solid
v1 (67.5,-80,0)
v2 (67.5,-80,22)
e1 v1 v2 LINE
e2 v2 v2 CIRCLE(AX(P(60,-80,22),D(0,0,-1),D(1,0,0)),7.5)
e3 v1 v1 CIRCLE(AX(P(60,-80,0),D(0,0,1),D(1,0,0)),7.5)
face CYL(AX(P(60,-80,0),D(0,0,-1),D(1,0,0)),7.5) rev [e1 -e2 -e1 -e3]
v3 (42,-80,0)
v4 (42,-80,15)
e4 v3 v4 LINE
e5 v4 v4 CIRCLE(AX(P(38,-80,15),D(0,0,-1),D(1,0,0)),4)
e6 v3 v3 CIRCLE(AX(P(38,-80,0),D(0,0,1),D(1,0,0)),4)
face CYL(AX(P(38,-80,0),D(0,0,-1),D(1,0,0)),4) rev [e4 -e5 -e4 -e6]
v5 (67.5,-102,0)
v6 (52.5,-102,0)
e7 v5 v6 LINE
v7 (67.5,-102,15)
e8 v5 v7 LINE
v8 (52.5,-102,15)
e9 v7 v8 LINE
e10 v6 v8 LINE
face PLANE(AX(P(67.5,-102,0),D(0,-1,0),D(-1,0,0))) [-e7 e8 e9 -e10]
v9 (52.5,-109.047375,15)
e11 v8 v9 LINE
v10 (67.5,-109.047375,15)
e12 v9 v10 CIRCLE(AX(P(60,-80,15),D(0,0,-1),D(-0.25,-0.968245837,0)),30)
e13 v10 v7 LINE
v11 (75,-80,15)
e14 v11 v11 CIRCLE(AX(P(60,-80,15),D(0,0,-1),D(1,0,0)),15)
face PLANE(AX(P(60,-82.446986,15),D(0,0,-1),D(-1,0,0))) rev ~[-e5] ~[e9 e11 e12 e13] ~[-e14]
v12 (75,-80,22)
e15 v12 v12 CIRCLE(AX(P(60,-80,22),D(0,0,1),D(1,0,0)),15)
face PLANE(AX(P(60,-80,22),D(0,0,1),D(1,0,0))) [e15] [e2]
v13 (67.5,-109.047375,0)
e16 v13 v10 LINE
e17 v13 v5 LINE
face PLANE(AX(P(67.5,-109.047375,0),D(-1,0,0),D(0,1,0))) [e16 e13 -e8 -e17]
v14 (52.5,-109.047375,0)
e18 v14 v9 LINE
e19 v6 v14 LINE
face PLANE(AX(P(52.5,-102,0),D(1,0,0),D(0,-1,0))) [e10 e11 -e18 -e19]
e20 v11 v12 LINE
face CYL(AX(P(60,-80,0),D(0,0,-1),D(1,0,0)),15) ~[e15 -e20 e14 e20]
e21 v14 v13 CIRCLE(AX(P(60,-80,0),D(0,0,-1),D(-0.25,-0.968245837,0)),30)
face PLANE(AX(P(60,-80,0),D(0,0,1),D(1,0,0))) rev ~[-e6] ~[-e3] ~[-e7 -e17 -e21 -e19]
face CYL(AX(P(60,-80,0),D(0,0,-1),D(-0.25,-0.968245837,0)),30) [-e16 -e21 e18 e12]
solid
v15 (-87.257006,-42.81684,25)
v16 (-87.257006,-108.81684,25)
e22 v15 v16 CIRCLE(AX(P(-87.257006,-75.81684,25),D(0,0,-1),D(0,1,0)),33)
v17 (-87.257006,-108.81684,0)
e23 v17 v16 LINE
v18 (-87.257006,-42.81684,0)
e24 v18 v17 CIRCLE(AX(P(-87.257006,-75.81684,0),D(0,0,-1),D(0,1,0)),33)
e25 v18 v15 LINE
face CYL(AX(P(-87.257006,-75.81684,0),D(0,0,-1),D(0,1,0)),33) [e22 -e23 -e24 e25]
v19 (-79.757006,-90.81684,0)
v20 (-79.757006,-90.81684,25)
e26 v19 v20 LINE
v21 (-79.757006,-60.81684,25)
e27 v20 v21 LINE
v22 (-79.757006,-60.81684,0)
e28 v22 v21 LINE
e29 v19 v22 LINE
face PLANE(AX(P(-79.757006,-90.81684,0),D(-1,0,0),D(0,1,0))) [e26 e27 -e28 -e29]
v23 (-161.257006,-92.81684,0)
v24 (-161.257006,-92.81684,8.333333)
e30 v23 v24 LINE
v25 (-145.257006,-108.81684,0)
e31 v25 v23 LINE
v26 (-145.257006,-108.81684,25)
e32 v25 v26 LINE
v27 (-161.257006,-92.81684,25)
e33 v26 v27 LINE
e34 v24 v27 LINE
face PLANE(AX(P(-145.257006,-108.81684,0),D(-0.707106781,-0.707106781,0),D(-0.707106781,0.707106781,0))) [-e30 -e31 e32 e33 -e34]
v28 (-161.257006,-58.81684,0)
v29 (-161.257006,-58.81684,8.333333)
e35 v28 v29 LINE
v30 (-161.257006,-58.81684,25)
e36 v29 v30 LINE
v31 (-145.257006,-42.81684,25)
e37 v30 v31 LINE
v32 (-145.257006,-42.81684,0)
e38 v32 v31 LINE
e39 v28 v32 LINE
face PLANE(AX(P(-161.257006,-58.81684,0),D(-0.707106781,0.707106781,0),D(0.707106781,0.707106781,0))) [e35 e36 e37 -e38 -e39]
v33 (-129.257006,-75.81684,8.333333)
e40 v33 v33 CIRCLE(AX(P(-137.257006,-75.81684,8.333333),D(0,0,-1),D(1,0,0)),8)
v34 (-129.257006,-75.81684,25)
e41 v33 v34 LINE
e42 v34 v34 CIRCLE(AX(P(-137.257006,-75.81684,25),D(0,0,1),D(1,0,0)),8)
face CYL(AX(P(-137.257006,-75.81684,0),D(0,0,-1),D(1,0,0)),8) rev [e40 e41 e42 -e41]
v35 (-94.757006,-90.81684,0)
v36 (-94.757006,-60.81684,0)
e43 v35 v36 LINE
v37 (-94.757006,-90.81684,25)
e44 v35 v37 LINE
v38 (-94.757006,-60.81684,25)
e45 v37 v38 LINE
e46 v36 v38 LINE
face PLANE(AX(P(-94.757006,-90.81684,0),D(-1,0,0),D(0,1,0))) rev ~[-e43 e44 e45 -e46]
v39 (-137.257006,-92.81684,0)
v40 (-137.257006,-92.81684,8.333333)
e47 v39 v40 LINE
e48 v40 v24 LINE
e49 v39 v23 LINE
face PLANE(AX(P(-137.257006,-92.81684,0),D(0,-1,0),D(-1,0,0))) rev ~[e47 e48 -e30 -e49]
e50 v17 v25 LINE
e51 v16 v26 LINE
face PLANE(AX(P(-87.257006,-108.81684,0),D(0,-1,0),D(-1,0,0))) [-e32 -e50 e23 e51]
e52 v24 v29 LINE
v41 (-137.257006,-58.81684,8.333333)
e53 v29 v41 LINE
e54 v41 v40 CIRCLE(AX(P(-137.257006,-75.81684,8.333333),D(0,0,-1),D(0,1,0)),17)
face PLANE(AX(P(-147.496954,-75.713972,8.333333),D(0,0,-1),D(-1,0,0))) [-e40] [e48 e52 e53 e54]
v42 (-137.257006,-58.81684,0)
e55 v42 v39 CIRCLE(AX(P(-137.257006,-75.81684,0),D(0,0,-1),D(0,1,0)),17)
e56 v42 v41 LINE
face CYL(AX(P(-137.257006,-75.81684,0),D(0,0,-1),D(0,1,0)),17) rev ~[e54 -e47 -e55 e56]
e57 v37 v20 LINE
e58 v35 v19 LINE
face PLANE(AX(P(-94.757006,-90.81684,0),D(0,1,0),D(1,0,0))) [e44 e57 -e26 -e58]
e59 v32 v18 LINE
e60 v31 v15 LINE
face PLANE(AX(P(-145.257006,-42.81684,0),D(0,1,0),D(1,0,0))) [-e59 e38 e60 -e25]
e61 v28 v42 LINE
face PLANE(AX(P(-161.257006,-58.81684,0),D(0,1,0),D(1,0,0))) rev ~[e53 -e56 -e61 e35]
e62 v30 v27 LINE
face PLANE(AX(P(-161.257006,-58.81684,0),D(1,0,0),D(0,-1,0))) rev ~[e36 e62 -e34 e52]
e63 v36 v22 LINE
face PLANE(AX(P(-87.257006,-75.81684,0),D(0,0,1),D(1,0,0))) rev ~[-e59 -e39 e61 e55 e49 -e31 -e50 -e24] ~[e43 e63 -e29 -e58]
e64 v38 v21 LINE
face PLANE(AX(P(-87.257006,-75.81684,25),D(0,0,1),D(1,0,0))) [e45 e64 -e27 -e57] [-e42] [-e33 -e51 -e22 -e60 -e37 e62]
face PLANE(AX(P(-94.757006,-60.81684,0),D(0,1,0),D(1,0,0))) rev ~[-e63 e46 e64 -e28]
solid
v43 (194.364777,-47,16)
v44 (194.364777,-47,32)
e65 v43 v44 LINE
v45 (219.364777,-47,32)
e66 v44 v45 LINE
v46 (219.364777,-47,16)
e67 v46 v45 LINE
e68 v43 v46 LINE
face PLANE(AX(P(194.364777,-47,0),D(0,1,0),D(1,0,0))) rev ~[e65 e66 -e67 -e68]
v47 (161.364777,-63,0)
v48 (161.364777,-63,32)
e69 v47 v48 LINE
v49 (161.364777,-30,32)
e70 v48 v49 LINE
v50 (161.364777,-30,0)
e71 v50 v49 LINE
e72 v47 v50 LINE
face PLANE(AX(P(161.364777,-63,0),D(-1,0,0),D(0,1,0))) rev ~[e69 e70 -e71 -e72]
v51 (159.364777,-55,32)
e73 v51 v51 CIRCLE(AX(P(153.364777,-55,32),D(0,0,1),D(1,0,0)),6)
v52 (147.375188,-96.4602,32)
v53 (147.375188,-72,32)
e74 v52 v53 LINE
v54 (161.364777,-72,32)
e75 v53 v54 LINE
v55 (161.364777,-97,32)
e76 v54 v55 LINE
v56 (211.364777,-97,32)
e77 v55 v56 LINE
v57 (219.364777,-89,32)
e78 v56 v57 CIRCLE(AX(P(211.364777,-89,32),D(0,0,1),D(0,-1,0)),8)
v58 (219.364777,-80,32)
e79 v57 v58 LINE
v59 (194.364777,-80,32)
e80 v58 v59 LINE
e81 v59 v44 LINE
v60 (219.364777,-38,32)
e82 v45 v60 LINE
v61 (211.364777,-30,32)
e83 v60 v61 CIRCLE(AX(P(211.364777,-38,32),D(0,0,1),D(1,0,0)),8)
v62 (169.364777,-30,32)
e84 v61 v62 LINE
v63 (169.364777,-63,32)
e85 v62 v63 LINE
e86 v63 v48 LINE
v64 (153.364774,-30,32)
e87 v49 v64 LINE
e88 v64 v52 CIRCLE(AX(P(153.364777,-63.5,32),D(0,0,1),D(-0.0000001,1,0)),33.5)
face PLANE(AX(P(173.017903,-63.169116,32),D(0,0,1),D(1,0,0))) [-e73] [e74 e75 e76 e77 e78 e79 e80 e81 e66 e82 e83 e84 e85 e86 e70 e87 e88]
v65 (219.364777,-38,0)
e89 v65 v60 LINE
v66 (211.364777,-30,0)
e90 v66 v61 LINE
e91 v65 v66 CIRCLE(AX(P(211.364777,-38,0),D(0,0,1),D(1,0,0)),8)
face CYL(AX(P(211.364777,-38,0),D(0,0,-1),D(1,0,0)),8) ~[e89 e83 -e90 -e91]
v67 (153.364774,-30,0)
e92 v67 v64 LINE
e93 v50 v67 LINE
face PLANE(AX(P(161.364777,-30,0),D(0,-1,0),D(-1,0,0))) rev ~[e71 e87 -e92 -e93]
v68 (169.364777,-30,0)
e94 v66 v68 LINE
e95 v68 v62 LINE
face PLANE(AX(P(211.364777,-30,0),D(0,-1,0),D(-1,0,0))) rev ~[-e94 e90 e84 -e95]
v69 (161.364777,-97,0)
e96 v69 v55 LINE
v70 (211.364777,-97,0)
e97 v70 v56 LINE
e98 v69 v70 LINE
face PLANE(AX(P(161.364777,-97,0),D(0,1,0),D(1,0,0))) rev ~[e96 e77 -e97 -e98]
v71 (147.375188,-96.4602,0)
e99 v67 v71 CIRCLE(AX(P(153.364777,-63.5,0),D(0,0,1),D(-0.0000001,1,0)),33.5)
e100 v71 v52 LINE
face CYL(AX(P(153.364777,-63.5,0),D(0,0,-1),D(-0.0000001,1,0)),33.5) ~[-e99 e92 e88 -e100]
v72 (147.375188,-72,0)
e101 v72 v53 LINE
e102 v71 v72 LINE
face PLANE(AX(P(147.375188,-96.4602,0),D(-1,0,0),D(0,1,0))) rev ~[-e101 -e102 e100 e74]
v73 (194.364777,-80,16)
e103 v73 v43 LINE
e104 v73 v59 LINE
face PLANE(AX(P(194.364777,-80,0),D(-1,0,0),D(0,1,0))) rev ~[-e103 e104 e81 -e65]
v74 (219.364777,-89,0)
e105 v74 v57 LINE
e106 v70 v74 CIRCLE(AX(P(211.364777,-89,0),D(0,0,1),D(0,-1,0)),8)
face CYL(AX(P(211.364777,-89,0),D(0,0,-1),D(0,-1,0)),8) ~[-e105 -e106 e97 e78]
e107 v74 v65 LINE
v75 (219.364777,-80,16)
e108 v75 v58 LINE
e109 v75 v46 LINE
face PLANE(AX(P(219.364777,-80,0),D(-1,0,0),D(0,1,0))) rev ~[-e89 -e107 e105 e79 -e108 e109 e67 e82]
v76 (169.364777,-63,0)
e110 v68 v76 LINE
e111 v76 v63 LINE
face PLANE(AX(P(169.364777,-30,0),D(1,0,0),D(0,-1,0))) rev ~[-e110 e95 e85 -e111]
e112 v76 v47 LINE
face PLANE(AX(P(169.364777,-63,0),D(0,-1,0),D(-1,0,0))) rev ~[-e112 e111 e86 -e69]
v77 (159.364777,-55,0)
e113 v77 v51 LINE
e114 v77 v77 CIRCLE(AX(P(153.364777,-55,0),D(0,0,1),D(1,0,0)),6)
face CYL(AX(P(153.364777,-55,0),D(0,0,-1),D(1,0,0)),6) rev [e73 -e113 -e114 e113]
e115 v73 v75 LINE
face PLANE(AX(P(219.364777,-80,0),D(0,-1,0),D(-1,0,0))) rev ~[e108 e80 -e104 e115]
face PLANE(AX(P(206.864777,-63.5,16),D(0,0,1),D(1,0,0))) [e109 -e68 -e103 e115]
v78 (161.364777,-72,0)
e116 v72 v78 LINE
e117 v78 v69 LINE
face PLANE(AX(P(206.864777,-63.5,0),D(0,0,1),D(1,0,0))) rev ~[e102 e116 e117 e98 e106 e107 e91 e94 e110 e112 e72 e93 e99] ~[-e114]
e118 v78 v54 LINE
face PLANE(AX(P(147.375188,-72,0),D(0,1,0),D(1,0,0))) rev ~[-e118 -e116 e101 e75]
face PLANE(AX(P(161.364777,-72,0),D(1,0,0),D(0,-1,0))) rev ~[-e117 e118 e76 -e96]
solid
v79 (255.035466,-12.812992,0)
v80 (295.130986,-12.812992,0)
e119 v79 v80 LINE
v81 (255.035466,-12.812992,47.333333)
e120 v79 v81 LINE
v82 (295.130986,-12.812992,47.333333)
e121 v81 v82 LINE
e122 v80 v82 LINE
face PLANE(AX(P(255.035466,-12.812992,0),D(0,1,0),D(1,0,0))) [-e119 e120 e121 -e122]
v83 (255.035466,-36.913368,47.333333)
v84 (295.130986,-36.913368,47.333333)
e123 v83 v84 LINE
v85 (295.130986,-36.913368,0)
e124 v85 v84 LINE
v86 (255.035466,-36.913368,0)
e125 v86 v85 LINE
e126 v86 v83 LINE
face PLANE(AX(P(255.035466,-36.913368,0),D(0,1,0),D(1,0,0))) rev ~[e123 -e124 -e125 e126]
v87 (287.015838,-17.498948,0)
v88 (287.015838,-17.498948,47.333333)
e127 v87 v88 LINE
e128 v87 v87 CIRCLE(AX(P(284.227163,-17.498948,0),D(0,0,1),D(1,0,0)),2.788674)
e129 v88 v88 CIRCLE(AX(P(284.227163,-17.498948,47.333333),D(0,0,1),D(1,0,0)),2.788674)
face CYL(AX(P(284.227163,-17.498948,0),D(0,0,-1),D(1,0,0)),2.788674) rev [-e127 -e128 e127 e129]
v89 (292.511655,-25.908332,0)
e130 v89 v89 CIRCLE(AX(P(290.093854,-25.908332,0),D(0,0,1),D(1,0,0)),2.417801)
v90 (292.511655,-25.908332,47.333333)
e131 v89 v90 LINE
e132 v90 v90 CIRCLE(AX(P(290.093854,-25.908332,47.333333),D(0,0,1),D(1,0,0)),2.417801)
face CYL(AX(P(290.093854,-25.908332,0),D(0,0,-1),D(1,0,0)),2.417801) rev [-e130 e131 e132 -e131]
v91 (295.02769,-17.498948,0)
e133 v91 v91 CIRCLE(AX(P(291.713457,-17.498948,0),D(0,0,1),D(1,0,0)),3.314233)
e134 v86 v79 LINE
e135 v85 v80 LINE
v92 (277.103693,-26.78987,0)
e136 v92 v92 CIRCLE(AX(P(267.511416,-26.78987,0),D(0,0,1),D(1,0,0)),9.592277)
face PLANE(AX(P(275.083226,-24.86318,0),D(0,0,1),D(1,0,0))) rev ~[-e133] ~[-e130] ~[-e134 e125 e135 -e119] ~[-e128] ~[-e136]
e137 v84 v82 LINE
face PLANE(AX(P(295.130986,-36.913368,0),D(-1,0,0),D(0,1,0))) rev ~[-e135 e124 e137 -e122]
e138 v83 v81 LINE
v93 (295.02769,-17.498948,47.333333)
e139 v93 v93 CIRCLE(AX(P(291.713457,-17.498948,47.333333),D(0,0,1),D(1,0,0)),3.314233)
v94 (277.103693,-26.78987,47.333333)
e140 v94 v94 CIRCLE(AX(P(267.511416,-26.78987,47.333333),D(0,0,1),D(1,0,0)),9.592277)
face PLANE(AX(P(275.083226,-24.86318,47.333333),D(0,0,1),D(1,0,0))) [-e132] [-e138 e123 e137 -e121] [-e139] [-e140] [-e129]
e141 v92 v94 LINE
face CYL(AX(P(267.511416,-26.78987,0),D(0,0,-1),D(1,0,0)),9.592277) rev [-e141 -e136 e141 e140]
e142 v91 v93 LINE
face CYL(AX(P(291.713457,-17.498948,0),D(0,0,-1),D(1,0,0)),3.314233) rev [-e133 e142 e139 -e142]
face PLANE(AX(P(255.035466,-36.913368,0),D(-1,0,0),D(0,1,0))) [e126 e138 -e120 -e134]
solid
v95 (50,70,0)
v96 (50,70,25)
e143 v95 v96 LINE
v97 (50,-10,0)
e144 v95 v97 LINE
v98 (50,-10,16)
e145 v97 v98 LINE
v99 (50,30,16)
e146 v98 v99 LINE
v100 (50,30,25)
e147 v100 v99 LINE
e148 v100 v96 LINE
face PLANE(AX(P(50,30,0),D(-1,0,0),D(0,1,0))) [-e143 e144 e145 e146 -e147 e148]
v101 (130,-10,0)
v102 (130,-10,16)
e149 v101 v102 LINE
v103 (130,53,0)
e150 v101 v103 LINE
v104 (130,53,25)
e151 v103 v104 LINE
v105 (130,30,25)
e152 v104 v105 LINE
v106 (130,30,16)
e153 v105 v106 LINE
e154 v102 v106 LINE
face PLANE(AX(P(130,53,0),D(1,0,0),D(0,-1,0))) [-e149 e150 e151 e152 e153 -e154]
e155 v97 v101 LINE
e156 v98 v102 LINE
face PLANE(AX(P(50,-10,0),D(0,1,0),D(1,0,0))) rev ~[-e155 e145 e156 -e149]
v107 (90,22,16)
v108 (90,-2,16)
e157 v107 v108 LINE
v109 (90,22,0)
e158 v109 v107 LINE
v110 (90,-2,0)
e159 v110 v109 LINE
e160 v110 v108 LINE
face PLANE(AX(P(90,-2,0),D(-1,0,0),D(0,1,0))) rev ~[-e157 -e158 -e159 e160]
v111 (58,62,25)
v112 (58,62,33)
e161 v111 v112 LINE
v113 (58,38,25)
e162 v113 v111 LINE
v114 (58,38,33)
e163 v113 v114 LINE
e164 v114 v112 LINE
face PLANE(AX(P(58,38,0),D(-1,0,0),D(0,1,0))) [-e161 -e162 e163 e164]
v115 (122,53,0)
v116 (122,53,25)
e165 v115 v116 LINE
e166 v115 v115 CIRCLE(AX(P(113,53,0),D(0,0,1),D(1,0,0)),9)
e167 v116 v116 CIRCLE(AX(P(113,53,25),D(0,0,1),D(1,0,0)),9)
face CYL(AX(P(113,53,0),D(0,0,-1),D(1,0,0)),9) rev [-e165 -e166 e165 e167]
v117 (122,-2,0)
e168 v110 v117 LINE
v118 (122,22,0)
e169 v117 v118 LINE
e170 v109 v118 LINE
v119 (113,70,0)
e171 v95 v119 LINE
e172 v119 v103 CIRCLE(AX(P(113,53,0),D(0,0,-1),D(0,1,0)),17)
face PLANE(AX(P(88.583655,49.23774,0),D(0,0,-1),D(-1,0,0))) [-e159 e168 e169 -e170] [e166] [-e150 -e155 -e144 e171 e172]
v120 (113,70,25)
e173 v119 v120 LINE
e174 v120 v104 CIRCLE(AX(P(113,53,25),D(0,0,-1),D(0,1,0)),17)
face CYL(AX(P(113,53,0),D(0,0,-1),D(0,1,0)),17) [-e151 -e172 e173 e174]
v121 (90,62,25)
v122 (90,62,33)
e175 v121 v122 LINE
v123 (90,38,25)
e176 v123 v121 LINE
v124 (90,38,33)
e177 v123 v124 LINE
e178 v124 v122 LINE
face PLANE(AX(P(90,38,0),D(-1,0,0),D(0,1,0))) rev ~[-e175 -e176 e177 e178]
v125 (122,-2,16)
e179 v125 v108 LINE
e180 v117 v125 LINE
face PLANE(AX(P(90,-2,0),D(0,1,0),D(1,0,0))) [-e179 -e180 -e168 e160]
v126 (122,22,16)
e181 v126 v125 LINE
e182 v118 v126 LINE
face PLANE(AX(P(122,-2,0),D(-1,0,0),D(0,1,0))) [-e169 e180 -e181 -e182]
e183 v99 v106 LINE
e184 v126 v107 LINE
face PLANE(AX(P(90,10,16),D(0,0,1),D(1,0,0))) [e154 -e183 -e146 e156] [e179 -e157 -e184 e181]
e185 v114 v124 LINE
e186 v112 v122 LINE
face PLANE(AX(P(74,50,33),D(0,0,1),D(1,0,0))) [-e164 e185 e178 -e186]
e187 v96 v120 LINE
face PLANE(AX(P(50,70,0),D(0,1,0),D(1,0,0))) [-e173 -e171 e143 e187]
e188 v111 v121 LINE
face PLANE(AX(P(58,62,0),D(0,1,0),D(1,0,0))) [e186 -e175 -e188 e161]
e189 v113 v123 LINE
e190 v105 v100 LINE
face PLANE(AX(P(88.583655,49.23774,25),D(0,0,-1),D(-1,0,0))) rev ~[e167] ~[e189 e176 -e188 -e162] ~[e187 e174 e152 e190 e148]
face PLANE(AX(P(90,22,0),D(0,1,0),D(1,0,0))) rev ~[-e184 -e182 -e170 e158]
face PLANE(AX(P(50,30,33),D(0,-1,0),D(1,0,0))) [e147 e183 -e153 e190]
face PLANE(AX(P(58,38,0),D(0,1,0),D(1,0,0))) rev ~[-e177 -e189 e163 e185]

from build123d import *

# Parameters (mm, degrees)
CROQUIS3_W               = 32
CROQUIS3_H               = 24
CROQUIS3_R               = 9
SALIENTE_EXTRUIR4_DEPTH  = 25
CROQUIS3_5_W             = 80
CROQUIS3_5_H             = 40
CROQUIS3_5_W_2           = 32
CROQUIS3_5_H_2           = 24
SALIENTE_EXTRUIR5_DEPTH  = 33
CROQUIS5_W               = 80
CROQUIS5_H               = 40
CORTAR_EXTRUIR1_DEPTH    = 17
CROQUIS3_11_W            = 32
CROQUIS3_11_H            = 24
CORTAR_EXTRUIR2_DEPTH    = 30
SALIENTE_EXTRUIR6_DEPTH  = 15
CROQUIS8_4_R             = 15
SALIENTE_EXTRUIR7_DEPTH  = 22
CROQUIS8_6_R             = 4
CORTAR_EXTRUIR5_DEPTH    = 48
CROQUIS8_7_R             = 7.5
CORTAR_EXTRUIR6_DEPTH    = 48
CROQUIS9_R               = 6
SALIENTE_EXTRUIR8_DEPTH  = 32
CROQUIS9_3_W             = 25
CROQUIS9_3_H             = 33
SALIENTE_EXTRUIR9_DEPTH  = 16
SALIENTE_EXTRUIR11_DEPTH = 25
CROQUIS10_4_W            = 15
CROQUIS10_4_H            = 30
CORTAR_EXTRUIR7_DEPTH    = 25
CROQUIS10_5_R            = 8
CORTAR_EXTRUIR8_DEPTH    = 25
CORTAR_EXTRUIR9_DEPTH    = 8.333333333
CROQUIS14_W              = 40.09551918
CROQUIS14_H              = 24.100376272
CROQUIS14_R              = 3.314232671
CROQUIS14_R_2            = 9.592276939
CROQUIS14_R_3            = 2.417801169
CROQUIS14_R_4            = 2.788674417
SALIENTE_EXTRUIR12_DEPTH = 47.333333333


with BuildPart() as part:
    # Croquis3 → Saliente-Extruir4 (new body)
    with BuildSketch(Plane.XY):
        with BuildLine():
            Line((113, 70), (50, 70))
            Line((50, 70), (50, 30))
            Line((50, 30), (130, 30))
            Line((130, 30), (130, 53))
            ThreePointArc((130, 53), (125.02081528, 65.02081528), (113, 70))
        make_face()
        with Locations((74, 50)):
            Rectangle(CROQUIS3_W, CROQUIS3_H, mode=Mode.SUBTRACT)
        with Locations((113, 53)):
            Circle(CROQUIS3_R, mode=Mode.SUBTRACT)
    extrude(amount=SALIENTE_EXTRUIR4_DEPTH)

    # Croquis3<5> → Saliente-Extruir5 (add)
    with BuildSketch(Plane.XY):
        with Locations((90, 10)):
            Rectangle(CROQUIS3_5_W, CROQUIS3_5_H)
        with Locations((74, 50)):
            Rectangle(CROQUIS3_5_W_2, CROQUIS3_5_H_2)
    extrude(amount=SALIENTE_EXTRUIR5_DEPTH)

    # Croquis5 → Cortar-Extruir1 (cut)
    with BuildSketch(Plane.XY.offset(33)):
        with Locations((90, 10)):
            Rectangle(CROQUIS5_W, CROQUIS5_H)
    extrude(amount=-CORTAR_EXTRUIR1_DEPTH, mode=Mode.SUBTRACT)

    # Croquis3<11> → Cortar-Extruir2 (cut)
    with BuildSketch(Plane.XY):
        with Locations((106, 10)):
            Rectangle(CROQUIS3_11_W, CROQUIS3_11_H)
    extrude(amount=CORTAR_EXTRUIR2_DEPTH, mode=Mode.SUBTRACT)


with BuildPart() as body_2:
    # Croquis8 → Saliente-Extruir6 (new body)
    with BuildSketch(Plane.XY):
        with BuildLine():
            Line((52.5, -102), (52.5, -109.047375097))
            ThreePointArc((52.5, -109.047375097), (60, -50), (67.5, -109.047375097))
            Line((67.5, -109.047375097), (67.5, -102))
            Line((67.5, -102), (52.5, -102))
        make_face()
    extrude(amount=SALIENTE_EXTRUIR6_DEPTH)

    # Croquis8<4> → Saliente-Extruir7 (add)
    with BuildSketch(Plane.XY):
        with Locations((60, -80)):
            Circle(CROQUIS8_4_R)
    extrude(amount=SALIENTE_EXTRUIR7_DEPTH)

    # Croquis8<6> → Cortar-Extruir5 (cut)
    with BuildSketch(Plane.XY):
        with Locations((38, -80)):
            Circle(CROQUIS8_6_R)
    extrude(amount=CORTAR_EXTRUIR5_DEPTH, mode=Mode.SUBTRACT)

    # Croquis8<7> → Cortar-Extruir6 (cut)
    with BuildSketch(Plane.XY):
        with Locations((60, -80)):
            Circle(CROQUIS8_7_R)
    extrude(amount=CORTAR_EXTRUIR6_DEPTH, mode=Mode.SUBTRACT)


with BuildPart() as body_3:
    # Croquis9 → Saliente-Extruir8 (new body)
    with BuildSketch(Plane.XY):
        with BuildLine():
            Line((161.364777361, -63), (161.364777361, -30))
            Line((161.364777361, -30), (153.364774009, -30))
            ThreePointArc((153.364774009, -30), (120, -60.493069396), (147.375187785, -96.460200496))
            Line((147.375187785, -96.460200496), (147.375187785, -72))
            Line((147.375187785, -72), (161.364777361, -72))
            Line((161.364777361, -72), (161.364777361, -97))
            Line((161.364777361, -97), (211.364777361, -97))
            ThreePointArc((211.364777361, -97), (217.02163161, -94.656854249), (219.364777361, -89))
            Line((219.364777361, -89), (219.364777361, -80))
            Line((219.364777361, -80), (194.364777361, -80))
            Line((194.364777361, -80), (194.364777361, -47))
            Line((194.364777361, -47), (219.364777361, -47))
            Line((219.364777361, -47), (219.364777361, -38))
            ThreePointArc((219.364777361, -38), (217.02163161, -32.343145751), (211.364777361, -30))
            Line((211.364777361, -30), (169.364777361, -30))
            Line((169.364777361, -30), (169.364777361, -63))
            Line((169.364777361, -63), (161.364777361, -63))
        make_face()
        with Locations((153.364777361, -55)):
            Circle(CROQUIS9_R, mode=Mode.SUBTRACT)
    extrude(amount=SALIENTE_EXTRUIR8_DEPTH)

    # Croquis9<3> → Saliente-Extruir9 (add)
    with BuildSketch(Plane.XY):
        with Locations((206.864777361, -63.5)):
            Rectangle(CROQUIS9_3_W, CROQUIS9_3_H)
    extrude(amount=SALIENTE_EXTRUIR9_DEPTH)


with BuildPart() as body_4:
    # Croquis10 → Saliente-Extruir11 (new body)
    with BuildSketch(Plane.XY):
        with BuildLine():
            Line((-161.257005587, -58.81683994), (-161.257005587, -92.81683994))
            Line((-161.257005587, -92.81683994), (-145.257005587, -108.81683994))
            Line((-145.257005587, -108.81683994), (-87.257005587, -108.81683994))
            ThreePointArc((-87.257005587, -108.81683994), (-54.257005587, -75.81683994), (-87.257005587, -42.81683994))
            Line((-87.257005587, -42.81683994), (-145.257005587, -42.81683994))
            Line((-145.257005587, -42.81683994), (-161.257005587, -58.81683994))
        make_face()
    extrude(amount=SALIENTE_EXTRUIR11_DEPTH)

    # Croquis10<4> → Cortar-Extruir7 (cut)
    with BuildSketch(Plane.XY):
        with Locations((-87.257005587, -75.81683994)):
            Rectangle(CROQUIS10_4_W, CROQUIS10_4_H)
    extrude(amount=CORTAR_EXTRUIR7_DEPTH, mode=Mode.SUBTRACT)

    # Croquis10<5> → Cortar-Extruir8 (cut)
    with BuildSketch(Plane.XY):
        with Locations((-137.257005587, -75.81683994)):
            Circle(CROQUIS10_5_R)
    extrude(amount=CORTAR_EXTRUIR8_DEPTH, mode=Mode.SUBTRACT)

    # Croquis13 → Cortar-Extruir9 (cut)
    with BuildSketch(Plane(origin=(0, 0, 0), x_dir=(-1, 0, 0), z_dir=(0, 0, -1))):
        with BuildLine():
            Line((161.257005587, -58.81683994), (137.257005587, -58.81683994))
            ThreePointArc((137.257005587, -58.81683994), (120.257005587, -75.81683994), (137.257005587, -92.81683994))
            Line((137.257005587, -92.81683994), (161.257005587, -92.81683994))
            Line((161.257005587, -92.81683994), (175.725705877, -74.246739019))
            Line((175.725705877, -74.246739019), (161.257005587, -58.81683994))
        make_face()
    extrude(amount=-CORTAR_EXTRUIR9_DEPTH, mode=Mode.SUBTRACT)


with BuildPart() as body_5:
    # Croquis14 → Saliente-Extruir12 (new body)
    with BuildSketch(Plane.XY):
        with Locations((275.083226021, -24.863179811)):
            Rectangle(CROQUIS14_W, CROQUIS14_H)
        with Locations((291.713457486, -17.498948227)):
            Circle(CROQUIS14_R, mode=Mode.SUBTRACT)
        with Locations((267.511415727, -26.7898702)):
            Circle(CROQUIS14_R_2, mode=Mode.SUBTRACT)
        with Locations((290.093853848, -25.908331949)):
            Circle(CROQUIS14_R_3, mode=Mode.SUBTRACT)
        with Locations((284.227163487, -17.498948227)):
            Circle(CROQUIS14_R_4, mode=Mode.SUBTRACT)
    extrude(amount=SALIENTE_EXTRUIR12_DEPTH)


solid = Compound([part.part, body_2.part, body_3.part, body_4.part, body_5.part])
